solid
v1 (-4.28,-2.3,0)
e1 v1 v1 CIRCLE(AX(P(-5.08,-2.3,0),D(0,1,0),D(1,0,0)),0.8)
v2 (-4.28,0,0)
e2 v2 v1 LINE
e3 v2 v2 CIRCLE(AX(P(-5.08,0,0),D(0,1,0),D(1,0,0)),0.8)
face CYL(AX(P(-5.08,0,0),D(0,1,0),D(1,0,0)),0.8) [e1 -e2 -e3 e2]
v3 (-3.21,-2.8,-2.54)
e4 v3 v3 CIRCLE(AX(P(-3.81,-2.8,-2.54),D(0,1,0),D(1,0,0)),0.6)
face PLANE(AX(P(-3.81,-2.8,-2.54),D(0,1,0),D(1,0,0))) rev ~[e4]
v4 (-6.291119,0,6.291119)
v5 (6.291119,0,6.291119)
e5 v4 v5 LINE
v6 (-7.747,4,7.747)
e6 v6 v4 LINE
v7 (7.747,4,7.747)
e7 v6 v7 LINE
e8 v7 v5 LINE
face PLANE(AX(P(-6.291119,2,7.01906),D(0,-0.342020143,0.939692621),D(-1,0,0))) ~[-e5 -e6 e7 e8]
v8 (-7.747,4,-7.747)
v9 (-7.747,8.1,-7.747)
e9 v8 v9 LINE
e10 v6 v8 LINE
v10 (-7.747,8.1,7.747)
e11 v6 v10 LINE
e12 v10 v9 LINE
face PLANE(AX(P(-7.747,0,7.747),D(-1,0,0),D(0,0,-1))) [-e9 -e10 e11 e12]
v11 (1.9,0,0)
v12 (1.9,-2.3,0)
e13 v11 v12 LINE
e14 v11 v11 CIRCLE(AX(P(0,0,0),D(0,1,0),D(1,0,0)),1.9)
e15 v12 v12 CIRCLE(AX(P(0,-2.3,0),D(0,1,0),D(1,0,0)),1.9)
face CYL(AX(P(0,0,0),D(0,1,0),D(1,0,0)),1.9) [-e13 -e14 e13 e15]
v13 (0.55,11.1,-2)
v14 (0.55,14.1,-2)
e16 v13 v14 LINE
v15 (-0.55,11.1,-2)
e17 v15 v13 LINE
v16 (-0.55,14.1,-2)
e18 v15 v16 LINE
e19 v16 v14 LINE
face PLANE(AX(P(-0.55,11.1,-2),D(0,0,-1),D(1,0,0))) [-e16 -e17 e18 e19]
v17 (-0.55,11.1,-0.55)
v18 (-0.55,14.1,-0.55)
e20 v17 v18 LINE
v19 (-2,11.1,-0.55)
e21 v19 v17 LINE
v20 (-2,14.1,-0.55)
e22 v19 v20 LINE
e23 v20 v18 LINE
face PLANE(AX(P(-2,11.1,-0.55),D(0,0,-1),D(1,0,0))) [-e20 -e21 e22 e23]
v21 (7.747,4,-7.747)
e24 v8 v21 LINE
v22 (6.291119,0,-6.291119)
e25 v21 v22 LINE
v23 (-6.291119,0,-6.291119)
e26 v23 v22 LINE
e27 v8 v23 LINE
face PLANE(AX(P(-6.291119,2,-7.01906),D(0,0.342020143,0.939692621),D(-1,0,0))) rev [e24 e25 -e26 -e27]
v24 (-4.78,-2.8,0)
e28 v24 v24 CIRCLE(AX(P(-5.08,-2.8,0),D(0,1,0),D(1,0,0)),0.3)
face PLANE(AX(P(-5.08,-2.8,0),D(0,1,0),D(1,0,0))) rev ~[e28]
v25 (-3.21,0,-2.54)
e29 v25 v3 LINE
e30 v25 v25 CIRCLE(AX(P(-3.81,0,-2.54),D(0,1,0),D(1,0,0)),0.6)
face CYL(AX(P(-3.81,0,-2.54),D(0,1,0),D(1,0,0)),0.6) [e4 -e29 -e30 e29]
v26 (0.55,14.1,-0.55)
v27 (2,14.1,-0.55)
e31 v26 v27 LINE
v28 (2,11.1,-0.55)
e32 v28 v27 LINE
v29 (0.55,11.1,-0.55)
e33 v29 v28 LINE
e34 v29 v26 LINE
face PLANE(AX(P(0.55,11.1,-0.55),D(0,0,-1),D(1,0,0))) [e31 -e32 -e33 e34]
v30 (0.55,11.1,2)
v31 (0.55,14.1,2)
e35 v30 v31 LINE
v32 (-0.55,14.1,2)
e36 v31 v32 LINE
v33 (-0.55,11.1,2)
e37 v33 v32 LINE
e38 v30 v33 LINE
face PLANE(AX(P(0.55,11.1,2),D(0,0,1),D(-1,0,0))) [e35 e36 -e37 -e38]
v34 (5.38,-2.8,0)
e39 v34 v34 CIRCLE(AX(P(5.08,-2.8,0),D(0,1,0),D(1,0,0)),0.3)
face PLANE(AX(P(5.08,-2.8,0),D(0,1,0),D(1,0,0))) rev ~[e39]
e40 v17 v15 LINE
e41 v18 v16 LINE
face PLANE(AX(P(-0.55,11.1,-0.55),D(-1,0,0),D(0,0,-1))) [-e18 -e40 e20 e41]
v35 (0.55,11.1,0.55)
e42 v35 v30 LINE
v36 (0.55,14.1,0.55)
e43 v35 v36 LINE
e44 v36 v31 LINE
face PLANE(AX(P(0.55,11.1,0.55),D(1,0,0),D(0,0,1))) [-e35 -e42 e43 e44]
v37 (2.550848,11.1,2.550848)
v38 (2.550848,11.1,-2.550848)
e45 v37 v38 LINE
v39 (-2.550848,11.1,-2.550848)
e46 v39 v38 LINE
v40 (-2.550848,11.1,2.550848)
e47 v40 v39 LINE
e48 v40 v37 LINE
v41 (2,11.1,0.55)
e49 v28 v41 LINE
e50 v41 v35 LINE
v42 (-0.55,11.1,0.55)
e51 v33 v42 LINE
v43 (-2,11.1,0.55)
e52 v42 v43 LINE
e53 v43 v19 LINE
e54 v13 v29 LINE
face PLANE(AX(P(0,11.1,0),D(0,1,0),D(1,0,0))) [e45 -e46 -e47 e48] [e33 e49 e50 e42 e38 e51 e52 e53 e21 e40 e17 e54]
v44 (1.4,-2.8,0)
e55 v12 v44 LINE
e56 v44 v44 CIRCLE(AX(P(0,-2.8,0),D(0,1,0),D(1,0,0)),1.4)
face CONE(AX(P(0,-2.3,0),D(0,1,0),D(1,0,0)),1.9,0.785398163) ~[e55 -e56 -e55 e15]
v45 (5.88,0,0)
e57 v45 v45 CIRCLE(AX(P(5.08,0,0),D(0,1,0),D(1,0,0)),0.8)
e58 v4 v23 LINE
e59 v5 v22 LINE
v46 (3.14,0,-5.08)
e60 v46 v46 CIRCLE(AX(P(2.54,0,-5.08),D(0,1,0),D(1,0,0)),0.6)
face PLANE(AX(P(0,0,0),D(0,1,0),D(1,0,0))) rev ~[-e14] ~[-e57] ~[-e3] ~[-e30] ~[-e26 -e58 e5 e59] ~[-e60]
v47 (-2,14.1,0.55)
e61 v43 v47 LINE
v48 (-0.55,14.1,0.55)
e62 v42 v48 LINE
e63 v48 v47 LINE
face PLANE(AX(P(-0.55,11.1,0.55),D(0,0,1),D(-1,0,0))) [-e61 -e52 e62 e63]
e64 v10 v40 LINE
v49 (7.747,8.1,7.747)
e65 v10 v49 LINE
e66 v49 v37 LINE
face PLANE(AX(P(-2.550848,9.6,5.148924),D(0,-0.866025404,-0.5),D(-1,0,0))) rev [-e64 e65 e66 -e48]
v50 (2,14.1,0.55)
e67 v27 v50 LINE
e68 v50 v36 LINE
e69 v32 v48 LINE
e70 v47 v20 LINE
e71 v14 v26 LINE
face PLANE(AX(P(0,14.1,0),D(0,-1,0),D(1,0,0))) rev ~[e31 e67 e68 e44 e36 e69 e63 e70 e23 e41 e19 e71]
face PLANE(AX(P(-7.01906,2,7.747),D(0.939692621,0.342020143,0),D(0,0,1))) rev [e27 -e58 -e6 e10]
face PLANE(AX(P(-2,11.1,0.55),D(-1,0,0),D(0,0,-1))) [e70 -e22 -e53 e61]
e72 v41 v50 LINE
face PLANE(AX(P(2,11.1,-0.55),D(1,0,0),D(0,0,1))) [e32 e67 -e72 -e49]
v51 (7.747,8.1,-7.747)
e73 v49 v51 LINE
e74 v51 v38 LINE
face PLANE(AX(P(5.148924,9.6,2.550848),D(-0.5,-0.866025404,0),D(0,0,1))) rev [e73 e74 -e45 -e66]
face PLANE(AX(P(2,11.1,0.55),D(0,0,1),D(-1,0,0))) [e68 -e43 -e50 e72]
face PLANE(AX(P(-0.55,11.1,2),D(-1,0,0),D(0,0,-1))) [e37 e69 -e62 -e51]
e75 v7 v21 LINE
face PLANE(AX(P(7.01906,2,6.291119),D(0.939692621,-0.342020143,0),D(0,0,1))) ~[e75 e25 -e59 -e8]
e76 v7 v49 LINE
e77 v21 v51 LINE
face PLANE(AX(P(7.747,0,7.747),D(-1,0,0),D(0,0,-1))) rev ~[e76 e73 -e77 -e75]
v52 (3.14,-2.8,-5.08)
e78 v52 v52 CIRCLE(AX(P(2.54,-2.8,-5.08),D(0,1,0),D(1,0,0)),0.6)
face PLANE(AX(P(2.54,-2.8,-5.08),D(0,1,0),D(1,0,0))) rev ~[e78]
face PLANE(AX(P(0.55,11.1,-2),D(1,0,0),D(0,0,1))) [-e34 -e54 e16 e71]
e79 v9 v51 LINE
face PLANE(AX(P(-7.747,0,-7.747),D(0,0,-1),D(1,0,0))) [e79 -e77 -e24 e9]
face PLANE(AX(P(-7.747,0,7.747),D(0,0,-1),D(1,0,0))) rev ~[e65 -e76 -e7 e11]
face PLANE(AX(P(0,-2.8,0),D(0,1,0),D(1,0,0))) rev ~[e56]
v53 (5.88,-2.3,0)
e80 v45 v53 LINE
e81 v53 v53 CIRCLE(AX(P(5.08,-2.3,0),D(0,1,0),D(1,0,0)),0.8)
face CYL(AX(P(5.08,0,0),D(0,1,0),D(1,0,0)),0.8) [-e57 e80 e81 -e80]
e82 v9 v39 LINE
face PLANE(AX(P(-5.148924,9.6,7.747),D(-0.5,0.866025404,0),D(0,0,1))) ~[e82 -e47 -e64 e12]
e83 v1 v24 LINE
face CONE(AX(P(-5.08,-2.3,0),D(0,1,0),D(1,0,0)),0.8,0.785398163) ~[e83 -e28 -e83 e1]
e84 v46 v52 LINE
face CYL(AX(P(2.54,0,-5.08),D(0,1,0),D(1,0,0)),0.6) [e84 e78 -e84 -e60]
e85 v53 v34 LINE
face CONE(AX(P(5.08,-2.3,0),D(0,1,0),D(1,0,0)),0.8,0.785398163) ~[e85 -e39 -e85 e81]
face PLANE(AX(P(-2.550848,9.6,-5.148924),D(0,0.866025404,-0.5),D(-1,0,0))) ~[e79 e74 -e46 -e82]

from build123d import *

# Parameters (mm, degrees)
SKETCH1_R             = 1.9
BOSS_EXTRUDE1_DEPTH   = 2.8
SKETCH1_R_2           = 0.8
BOSS_EXTRUDE1_2_DEPTH = 2.8
BOSS_EXTRUDE1_3_DEPTH = 2.8
SKETCH1_R_3           = 0.6
BOSS_EXTRUDE1_4_DEPTH = 2.8
BOSS_EXTRUDE1_5_DEPTH = 2.8
SKETCH2_W             = 15.494
SKETCH2_H             = 15.494
BOSS_EXTRUDE2_DEPTH   = 11.1
BOSS_EXTRUDE3_DEPTH   = 3
CHAMFER1_SIZE         = 3
CHAMFER1_SIZE2        = 5.196152423
CHAMFER1_PART_2_SIZE  = 3
CHAMFER1_PART_2_SIZE2 = 5.196152423
CHAMFER1_PART_3_SIZE  = 3
CHAMFER1_PART_3_SIZE2 = 5.196152423
CHAMFER1_PART_4_SIZE  = 3
CHAMFER1_PART_4_SIZE2 = 5.196152423
CHAMFER2_SIZE         = 4
CHAMFER2_SIZE2        = 1.455880937
CHAMFER2_PART_2_SIZE  = 4
CHAMFER2_PART_2_SIZE2 = 1.455880937
CHAMFER2_PART_3_SIZE  = 4
CHAMFER2_PART_3_SIZE2 = 1.455880937
CHAMFER2_PART_4_SIZE  = 4
CHAMFER2_PART_4_SIZE2 = 1.455880937
CHAMFER3_SIZE         = 0.5


with BuildPart() as part:
    # Sketch1 → Boss-Extrude1 (new body)
    with BuildSketch(Plane(origin=(0, 0, 0), x_dir=(1, 0, 0), z_dir=(0, 1, 0))):
        Circle(SKETCH1_R)
    extrude(amount=-BOSS_EXTRUDE1_DEPTH)



with BuildPart() as body_2:
    # Sketch1 → Boss-Extrude1 2 (new body)
    with BuildSketch(Plane(origin=(0, 0, 0), x_dir=(1, 0, 0), z_dir=(0, 1, 0))):
        with Locations((5.08, 0)):
            Circle(SKETCH1_R_2)
    extrude(amount=-BOSS_EXTRUDE1_2_DEPTH)


with BuildPart() as body_3:
    # Sketch1 → Boss-Extrude1 3 (new body)
    with BuildSketch(Plane(origin=(0, 0, 0), x_dir=(1, 0, 0), z_dir=(0, 1, 0))):
        with Locations((-5.08, 0)):
            Circle(SKETCH1_R_2)
    extrude(amount=-BOSS_EXTRUDE1_3_DEPTH)


with BuildPart() as body_4:
    # Sketch1 → Boss-Extrude1 4 (new body)
    with BuildSketch(Plane(origin=(0, 0, 0), x_dir=(1, 0, 0), z_dir=(0, 1, 0))):
        with Locations((-3.81, 2.54)):
            Circle(SKETCH1_R_3)
    extrude(amount=-BOSS_EXTRUDE1_4_DEPTH)


with BuildPart() as body_5:
    # Sketch1 → Boss-Extrude1 5 (new body)
    with BuildSketch(Plane(origin=(0, 0, 0), x_dir=(1, 0, 0), z_dir=(0, 1, 0))):
        with Locations((2.54, 5.08)):
            Circle(SKETCH1_R_3)
    extrude(amount=-BOSS_EXTRUDE1_5_DEPTH)


with BuildPart() as part_1:
    add(part.part)

    add(body_2.part)  # Boss-Extrude2 merges body 2

    add(body_3.part)  # Boss-Extrude2 merges body 3

    add(body_4.part)  # Boss-Extrude2 merges body 4

    add(body_5.part)  # Boss-Extrude2 merges body 5
    # Sketch2 → Boss-Extrude2 (add)
    with BuildSketch(Plane(origin=(0, 0, 0), x_dir=(1, 0, 0), z_dir=(0, 1, 0))):
        Rectangle(SKETCH2_W, SKETCH2_H)
    extrude(amount=BOSS_EXTRUDE2_DEPTH)

    # Sketch3 → Boss-Extrude3 (add)
    with BuildSketch(Plane(origin=(0, 11.1, 0), x_dir=(-1, 0, 0), z_dir=(0, 1, 0))):
        Polygon((0.55, -2), (-0.55, -2), (-0.55, -0.55), (-2, -0.55), (-2, 0.55), (-0.55, 0.55), (-0.55, 2), (0.55, 2), (0.55, 0.55), (2, 0.55), (2, -0.55), (0.55, -0.55), align=None)
    extrude(amount=BOSS_EXTRUDE3_DEPTH)

    # Chamfer1
    chamfer1_edges = [part_1.edges().sort_by_distance(p)[0] for p in [
        (-7.747, 11.1, 0),
    ]]
    chamfer1_side = [part_1.faces().sort_by_distance(p)[0] for p in [
        (-7.747, 5.55, 0),
    ]]
    chamfer(chamfer1_edges, length=CHAMFER1_SIZE, length2=CHAMFER1_SIZE2, reference=chamfer1_side[0])

    # Chamfer1 part 2
    chamfer1_part_2_edges = [part_1.edges().sort_by_distance(p)[0] for p in [
        (0, 11.1, 7.747),
    ]]
    chamfer1_part_2_side = [part_1.faces().sort_by_distance(p)[0] for p in [
        (0, 5.55, 7.747),
    ]]
    chamfer(chamfer1_part_2_edges, length=CHAMFER1_PART_2_SIZE, length2=CHAMFER1_PART_2_SIZE2, reference=chamfer1_part_2_side[0])

    # Chamfer1 part 3
    chamfer1_part_3_edges = [part_1.edges().sort_by_distance(p)[0] for p in [
        (7.747, 11.1, 0),
    ]]
    chamfer1_part_3_side = [part_1.faces().sort_by_distance(p)[0] for p in [
        (7.747, 5.55, 0),
    ]]
    chamfer(chamfer1_part_3_edges, length=CHAMFER1_PART_3_SIZE, length2=CHAMFER1_PART_3_SIZE2, reference=chamfer1_part_3_side[0])

    # Chamfer1 part 4
    chamfer1_part_4_edges = [part_1.edges().sort_by_distance(p)[0] for p in [
        (0, 11.1, -7.747),
    ]]
    chamfer1_part_4_side = [part_1.faces().sort_by_distance(p)[0] for p in [
        (0, 5.55, -7.747),
    ]]
    chamfer(chamfer1_part_4_edges, length=CHAMFER1_PART_4_SIZE, length2=CHAMFER1_PART_4_SIZE2, reference=chamfer1_part_4_side[0])

    # Chamfer2
    chamfer2_edges = [part_1.edges().sort_by_distance(p)[0] for p in [
        (-7.747, 0, 0),
    ]]
    chamfer2_side = [part_1.faces().sort_by_distance(p)[0] for p in [
        (-7.747, 4.05, 0),
    ]]
    chamfer(chamfer2_edges, length=CHAMFER2_SIZE, length2=CHAMFER2_SIZE2, reference=chamfer2_side[0])

    # Chamfer2 part 2
    chamfer2_part_2_edges = [part_1.edges().sort_by_distance(p)[0] for p in [
        (0, 0, 7.747),
    ]]
    chamfer2_part_2_side = [part_1.faces().sort_by_distance(p)[0] for p in [
        (0, 4.05, 7.747),
    ]]
    chamfer(chamfer2_part_2_edges, length=CHAMFER2_PART_2_SIZE, length2=CHAMFER2_PART_2_SIZE2, reference=chamfer2_part_2_side[0])

    # Chamfer2 part 3
    chamfer2_part_3_edges = [part_1.edges().sort_by_distance(p)[0] for p in [
        (7.747, 0, 0),
    ]]
    chamfer2_part_3_side = [part_1.faces().sort_by_distance(p)[0] for p in [
        (7.747, 4.05, 0),
    ]]
    chamfer(chamfer2_part_3_edges, length=CHAMFER2_PART_3_SIZE, length2=CHAMFER2_PART_3_SIZE2, reference=chamfer2_part_3_side[0])

    # Chamfer2 part 4
    chamfer2_part_4_edges = [part_1.edges().sort_by_distance(p)[0] for p in [
        (0, 0, -7.747),
    ]]
    chamfer2_part_4_side = [part_1.faces().sort_by_distance(p)[0] for p in [
        (0, 4.05, -7.747),
    ]]
    chamfer(chamfer2_part_4_edges, length=CHAMFER2_PART_4_SIZE, length2=CHAMFER2_PART_4_SIZE2, reference=chamfer2_part_4_side[0])

    # Chamfer3
    chamfer3_edges = [part_1.edges().sort_by_distance(p)[0] for p in [
        (4.28, -2.8, 0),
        (-5.88, -2.8, 0),
        (-1.9, -2.8, 0),
    ]]
    chamfer(chamfer3_edges, length=CHAMFER3_SIZE)


solid = part_1.part
